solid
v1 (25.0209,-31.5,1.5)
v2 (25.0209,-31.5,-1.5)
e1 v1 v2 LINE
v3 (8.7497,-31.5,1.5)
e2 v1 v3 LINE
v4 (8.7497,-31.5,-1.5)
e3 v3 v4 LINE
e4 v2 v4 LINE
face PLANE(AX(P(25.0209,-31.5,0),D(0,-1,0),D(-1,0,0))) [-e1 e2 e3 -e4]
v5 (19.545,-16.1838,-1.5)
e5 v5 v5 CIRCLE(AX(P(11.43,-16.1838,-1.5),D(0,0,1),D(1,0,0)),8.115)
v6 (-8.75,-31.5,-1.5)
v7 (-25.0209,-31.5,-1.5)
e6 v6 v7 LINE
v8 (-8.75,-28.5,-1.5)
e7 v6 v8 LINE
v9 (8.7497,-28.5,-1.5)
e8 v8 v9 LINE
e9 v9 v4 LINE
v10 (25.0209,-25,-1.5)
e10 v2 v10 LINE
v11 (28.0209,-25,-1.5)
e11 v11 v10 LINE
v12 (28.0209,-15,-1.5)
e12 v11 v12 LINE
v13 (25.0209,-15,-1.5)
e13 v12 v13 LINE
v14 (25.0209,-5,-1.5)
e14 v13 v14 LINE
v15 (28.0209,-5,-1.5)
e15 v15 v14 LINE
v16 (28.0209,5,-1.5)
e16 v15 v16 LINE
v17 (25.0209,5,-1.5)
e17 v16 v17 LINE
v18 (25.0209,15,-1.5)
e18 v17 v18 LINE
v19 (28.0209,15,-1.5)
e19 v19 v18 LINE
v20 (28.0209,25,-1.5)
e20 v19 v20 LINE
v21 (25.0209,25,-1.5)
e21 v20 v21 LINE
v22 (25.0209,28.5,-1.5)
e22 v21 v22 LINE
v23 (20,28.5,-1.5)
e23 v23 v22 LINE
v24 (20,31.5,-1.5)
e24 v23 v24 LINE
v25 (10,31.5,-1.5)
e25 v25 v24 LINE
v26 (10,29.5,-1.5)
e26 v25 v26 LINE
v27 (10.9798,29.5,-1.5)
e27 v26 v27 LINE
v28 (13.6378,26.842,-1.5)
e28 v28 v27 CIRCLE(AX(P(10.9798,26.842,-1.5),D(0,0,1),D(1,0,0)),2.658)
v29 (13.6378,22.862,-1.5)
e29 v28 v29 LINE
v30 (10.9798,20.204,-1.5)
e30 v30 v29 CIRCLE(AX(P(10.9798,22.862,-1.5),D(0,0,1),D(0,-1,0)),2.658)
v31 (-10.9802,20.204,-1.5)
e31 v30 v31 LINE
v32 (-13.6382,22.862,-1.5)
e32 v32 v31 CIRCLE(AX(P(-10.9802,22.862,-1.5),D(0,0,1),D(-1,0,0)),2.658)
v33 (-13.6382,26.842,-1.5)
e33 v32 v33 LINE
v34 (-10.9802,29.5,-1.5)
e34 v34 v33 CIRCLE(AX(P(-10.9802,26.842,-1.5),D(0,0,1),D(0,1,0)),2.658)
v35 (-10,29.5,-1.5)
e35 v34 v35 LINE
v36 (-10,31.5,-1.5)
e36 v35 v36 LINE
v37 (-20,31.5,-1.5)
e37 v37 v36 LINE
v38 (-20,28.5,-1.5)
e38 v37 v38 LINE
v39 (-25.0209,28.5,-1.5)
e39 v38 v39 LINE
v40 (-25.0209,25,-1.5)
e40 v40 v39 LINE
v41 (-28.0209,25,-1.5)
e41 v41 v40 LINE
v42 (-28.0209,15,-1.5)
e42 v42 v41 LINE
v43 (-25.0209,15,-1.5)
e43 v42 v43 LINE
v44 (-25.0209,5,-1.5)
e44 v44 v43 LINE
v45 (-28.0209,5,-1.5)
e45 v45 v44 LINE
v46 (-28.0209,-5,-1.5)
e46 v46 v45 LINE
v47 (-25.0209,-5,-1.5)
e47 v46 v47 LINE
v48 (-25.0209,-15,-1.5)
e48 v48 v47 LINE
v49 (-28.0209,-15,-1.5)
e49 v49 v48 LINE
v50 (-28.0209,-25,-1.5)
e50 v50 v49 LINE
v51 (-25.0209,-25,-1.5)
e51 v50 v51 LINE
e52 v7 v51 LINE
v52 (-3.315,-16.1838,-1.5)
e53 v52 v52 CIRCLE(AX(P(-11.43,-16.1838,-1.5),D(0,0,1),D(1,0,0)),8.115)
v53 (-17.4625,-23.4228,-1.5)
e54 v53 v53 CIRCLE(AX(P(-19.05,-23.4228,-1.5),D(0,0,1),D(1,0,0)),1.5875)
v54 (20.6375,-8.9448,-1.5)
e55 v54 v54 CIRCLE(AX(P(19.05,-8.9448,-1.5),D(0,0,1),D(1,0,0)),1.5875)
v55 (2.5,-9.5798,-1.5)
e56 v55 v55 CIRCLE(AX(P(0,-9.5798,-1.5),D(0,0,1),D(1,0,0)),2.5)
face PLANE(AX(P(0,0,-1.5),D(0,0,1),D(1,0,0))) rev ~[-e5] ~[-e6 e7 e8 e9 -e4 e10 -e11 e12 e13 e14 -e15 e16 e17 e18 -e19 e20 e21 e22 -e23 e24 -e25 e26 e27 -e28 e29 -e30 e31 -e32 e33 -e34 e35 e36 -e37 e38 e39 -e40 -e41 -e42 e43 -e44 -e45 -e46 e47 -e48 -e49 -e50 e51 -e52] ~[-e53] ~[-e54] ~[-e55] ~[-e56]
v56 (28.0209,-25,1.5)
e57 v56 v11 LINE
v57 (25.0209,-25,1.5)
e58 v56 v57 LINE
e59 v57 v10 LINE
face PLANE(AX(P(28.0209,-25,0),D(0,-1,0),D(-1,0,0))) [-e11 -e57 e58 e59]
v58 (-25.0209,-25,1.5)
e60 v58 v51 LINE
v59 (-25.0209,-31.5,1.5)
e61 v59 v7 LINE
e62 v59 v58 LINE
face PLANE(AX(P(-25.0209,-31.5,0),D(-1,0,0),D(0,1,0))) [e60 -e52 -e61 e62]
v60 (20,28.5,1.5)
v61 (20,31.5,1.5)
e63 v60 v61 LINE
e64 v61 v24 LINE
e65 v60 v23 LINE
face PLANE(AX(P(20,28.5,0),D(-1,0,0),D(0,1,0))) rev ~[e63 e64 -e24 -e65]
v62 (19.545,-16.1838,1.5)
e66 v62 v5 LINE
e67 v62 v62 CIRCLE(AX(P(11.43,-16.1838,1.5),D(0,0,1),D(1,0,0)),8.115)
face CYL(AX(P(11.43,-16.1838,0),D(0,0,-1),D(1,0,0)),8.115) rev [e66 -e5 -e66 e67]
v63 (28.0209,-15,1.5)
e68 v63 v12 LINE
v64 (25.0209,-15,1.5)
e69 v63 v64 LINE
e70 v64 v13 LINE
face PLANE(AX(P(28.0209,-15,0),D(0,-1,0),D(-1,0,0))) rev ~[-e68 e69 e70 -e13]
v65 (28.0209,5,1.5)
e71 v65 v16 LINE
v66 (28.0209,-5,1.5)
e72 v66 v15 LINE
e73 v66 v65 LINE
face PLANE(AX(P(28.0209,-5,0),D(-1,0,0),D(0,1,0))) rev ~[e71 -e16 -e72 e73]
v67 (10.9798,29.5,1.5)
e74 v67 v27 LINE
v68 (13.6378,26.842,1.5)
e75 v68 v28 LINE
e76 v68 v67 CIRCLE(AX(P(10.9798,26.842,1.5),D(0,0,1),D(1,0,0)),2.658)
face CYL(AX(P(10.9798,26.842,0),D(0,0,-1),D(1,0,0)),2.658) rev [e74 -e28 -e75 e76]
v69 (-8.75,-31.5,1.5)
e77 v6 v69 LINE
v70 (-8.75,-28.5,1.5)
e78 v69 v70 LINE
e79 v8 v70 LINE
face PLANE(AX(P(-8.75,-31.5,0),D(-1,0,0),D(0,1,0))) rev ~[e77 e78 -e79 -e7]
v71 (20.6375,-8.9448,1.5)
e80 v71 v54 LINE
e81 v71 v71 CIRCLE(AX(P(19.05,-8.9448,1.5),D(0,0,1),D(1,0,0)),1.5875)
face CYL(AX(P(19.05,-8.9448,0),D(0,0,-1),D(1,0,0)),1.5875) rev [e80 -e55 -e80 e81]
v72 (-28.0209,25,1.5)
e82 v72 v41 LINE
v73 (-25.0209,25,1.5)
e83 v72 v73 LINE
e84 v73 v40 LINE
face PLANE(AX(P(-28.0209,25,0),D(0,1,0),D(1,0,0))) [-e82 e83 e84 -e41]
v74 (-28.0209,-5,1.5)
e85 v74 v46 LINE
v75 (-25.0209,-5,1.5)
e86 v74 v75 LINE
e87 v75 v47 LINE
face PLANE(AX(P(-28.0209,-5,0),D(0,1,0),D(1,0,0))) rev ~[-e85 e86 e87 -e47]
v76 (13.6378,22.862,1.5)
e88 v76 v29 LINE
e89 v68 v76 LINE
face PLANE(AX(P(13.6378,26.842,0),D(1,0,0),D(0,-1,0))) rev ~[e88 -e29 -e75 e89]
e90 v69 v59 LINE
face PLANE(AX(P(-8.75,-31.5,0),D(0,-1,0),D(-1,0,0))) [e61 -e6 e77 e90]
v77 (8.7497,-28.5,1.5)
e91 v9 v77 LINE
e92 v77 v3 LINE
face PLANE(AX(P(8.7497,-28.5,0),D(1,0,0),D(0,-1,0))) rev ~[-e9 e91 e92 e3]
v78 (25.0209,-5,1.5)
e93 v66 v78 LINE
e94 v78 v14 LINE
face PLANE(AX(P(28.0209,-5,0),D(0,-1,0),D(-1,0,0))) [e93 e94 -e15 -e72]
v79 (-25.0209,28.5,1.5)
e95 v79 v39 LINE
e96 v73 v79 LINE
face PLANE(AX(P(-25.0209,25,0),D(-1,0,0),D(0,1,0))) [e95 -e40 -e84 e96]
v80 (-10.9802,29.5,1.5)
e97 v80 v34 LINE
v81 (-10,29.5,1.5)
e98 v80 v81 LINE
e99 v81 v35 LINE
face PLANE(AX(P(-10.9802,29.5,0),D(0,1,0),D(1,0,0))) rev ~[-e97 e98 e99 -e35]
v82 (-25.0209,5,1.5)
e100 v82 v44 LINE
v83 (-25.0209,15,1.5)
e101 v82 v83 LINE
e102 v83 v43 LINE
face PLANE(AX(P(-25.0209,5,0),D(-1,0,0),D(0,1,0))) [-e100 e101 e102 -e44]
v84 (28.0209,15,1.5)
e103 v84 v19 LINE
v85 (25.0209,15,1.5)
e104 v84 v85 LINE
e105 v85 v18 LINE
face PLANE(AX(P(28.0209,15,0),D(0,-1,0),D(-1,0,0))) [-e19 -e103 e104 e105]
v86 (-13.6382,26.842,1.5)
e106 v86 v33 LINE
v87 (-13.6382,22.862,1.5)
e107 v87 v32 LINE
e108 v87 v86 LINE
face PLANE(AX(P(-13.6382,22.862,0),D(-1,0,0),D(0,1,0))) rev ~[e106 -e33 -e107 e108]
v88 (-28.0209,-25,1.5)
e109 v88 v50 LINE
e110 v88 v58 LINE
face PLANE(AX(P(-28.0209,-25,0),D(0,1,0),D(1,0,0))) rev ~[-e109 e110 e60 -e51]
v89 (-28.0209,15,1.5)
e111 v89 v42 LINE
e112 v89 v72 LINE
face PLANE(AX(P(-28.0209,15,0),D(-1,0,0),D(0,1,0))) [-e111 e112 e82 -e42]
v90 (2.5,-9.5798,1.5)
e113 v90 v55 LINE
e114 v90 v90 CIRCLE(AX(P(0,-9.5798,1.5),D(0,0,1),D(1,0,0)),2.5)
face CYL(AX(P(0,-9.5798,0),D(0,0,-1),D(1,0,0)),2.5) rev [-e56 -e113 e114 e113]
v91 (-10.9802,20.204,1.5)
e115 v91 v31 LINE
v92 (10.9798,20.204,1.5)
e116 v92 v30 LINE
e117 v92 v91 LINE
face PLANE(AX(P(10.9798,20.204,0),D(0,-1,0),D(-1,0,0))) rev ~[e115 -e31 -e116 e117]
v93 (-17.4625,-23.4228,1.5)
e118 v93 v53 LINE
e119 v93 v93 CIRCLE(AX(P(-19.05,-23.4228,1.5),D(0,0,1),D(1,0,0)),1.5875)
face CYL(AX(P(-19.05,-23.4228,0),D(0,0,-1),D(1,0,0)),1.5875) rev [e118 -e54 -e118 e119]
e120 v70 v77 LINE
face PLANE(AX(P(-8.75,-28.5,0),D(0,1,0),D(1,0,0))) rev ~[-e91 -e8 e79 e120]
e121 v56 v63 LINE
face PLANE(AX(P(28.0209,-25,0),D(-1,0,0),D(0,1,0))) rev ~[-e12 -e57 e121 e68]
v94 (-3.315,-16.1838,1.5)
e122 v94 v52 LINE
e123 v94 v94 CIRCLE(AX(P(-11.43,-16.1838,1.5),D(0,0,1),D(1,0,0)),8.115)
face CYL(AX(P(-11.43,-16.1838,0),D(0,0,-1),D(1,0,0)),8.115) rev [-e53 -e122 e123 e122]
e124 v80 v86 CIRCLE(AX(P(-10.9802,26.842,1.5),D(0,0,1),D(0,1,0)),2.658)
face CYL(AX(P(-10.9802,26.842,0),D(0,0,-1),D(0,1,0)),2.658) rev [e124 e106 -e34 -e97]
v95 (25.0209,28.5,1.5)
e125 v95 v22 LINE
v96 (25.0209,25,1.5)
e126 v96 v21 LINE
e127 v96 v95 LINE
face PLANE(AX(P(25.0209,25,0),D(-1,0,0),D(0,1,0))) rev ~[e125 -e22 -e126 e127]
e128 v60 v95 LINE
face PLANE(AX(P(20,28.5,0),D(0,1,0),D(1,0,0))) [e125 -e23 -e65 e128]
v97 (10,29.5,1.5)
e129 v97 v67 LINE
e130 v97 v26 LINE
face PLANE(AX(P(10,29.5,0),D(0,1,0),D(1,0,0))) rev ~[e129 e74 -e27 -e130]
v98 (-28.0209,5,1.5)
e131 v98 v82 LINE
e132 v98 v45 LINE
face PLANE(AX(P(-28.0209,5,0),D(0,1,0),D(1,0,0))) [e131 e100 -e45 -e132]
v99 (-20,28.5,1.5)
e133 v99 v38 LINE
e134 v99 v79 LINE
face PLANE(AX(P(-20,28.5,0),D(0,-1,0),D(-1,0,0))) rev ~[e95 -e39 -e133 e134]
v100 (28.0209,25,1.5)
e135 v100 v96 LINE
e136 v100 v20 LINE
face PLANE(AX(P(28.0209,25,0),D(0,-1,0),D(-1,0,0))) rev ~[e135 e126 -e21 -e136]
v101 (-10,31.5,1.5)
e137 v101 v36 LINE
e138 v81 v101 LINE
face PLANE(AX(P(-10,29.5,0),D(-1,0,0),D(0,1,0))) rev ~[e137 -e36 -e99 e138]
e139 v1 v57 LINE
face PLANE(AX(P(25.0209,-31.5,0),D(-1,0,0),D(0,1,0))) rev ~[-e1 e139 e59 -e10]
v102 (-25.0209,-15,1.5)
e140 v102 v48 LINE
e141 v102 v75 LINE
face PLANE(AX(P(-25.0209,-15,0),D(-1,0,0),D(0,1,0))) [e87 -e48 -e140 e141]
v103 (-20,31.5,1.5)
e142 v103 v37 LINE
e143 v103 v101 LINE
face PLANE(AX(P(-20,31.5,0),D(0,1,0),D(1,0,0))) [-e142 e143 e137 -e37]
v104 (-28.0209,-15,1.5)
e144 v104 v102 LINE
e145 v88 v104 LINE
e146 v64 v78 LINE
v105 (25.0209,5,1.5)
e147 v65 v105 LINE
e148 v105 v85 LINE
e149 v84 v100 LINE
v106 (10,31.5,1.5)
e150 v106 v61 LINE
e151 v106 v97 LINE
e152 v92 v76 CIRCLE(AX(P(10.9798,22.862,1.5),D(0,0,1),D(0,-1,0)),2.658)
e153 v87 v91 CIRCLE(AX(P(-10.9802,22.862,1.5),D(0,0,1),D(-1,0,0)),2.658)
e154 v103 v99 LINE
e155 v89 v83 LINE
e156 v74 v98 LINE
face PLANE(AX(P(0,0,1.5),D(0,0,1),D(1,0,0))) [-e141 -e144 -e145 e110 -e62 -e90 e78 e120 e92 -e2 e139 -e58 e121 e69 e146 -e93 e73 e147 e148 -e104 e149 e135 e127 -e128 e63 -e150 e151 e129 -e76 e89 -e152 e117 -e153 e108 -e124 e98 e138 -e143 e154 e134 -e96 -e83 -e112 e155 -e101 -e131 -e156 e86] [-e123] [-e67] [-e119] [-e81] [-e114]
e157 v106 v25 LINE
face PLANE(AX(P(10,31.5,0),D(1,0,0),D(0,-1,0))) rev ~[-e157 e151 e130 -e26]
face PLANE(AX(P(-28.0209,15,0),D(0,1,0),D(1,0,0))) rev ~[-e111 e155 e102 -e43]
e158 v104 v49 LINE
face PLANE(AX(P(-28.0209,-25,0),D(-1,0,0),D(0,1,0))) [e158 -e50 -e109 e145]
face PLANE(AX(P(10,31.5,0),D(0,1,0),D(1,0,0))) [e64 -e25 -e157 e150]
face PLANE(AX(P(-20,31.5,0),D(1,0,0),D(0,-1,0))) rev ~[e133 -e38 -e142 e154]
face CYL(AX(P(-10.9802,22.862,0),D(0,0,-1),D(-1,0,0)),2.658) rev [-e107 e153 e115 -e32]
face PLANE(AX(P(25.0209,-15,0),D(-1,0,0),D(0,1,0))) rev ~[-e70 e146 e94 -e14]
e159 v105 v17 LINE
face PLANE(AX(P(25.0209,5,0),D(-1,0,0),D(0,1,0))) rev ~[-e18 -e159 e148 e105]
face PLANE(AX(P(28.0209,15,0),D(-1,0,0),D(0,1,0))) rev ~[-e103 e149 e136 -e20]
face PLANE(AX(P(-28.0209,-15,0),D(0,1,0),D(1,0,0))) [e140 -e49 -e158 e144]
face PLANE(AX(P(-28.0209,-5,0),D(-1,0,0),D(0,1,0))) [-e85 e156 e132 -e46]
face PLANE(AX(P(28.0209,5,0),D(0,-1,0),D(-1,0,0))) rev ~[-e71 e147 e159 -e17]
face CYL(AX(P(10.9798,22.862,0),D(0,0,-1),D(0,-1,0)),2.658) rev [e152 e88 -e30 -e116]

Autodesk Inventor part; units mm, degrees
ref_plane "YZ Plane" through (0, 0, 0) normal (1, 0, 0) x (0, 1, 0)
ref_plane "XZ Plane" through (0, 0, 0) normal (0, 1, 0) x (-1, 0, 0)
ref_plane "XY Plane" through (0, 0, 0) normal (0, 0, 1) x (1, 0, 0)
sketch "Sketch1" plane through (0, 0, 0) normal (0, 0, 1) x (1, 0, 0)
  line L0 (-8.75, -31.5) -> (-25.0209, -31.5)
  line L1 (-8.75, -31.5) -> (-8.75, -28.5)
  line L2 (-8.75, -28.5) -> (8.7497, -28.5)
  line L3 (8.7497, -28.5) -> (8.7497, -31.5)
  line L4 (25.0209, -31.5) -> (8.7497, -31.5)
  circle A0 centre (11.43, -16.1838) radius 8.115
  circle A1 centre (19.05, -8.9448) radius 1.5875
  circle A2 centre (0, -9.5798) radius 2.5
  circle A3 centre (-11.43, -16.1838) radius 8.115
  circle A4 centre (-19.05, -23.4228) radius 1.5875
  line L5 (10.9798, 20.204) -> (-10.9802, 20.204)
  line L6 (13.6378, 26.842) -> (13.6378, 22.862)
  line L7 (-13.6382, 22.862) -> (-13.6382, 26.842)
  arc A5 (-13.6382, 22.862) -> (-10.9802, 20.204) centre (-10.9802, 22.862) ccw
  arc A6 (10.9798, 20.204) -> (13.6378, 22.862) centre (10.9798, 22.862) ccw
  arc A7 (13.6378, 26.842) -> (10.9798, 29.5) centre (10.9798, 26.842) ccw
  arc A8 (-10.9802, 29.5) -> (-13.6382, 26.842) centre (-10.9802, 26.842) ccw
  line L8 (25.0209, -31.5) -> (-25.0209, 31.5) construction
  line L9 (-25.0209, -31.5) -> (25.0209, 31.5) construction
  line L10 (-5, 31.5) -> (5, 31.5)
  line L11 (5, 28.5) -> (-5, 31.5) construction
  line L12 (-5, 28.5) -> (5, 31.5) construction
  line L13 (10, 31.5) -> (20, 31.5)
  line L14 (-20, 31.5) -> (-10, 31.5)
  line L15 (-5, 31.5) -> (5, 31.5)
  line L16 (20, 28.5) -> (25.0209, 28.5)
  line L17 (20, 28.5) -> (20, 31.5)
  line L18 (10, 31.5) -> (10, 28.5)
  line L19 (10, 28.5) -> (5, 28.5)
  line L20 (-5, 28.5) -> (-10, 28.5)
  line L21 (-10, 28.5) -> (-10, 31.5)
  line L22 (-20, 31.5) -> (-20, 28.5)
  line L23 (-20, 28.5) -> (-25.0209, 28.5)
  line L24 (10, 29.5) -> (10.9798, 29.5)
  line L25 (-10.9802, 29.5) -> (-10, 29.5)
  line L26 (28.0209, -5) -> (28.0209, 5)
  line L27 (28.0209, -5) -> (38.0209, -5) construction
  line L28 (0, 0) -> (0, -5) construction
  line L29 (28.0209, -25) -> (28.0209, -15)
  line L30 (28.0209, 15) -> (28.0209, 25)
  line L31 (28.0209, -5) -> (28.0209, 5)
  line L32 (28.0209, -25) -> (25.0209, -25)
  line L33 (28.0209, -15) -> (25.0209, -15)
  line L34 (28.0209, -5) -> (25.0209, -5)
  line L35 (28.0209, 5) -> (25.0209, 5)
  line L36 (28.0209, 15) -> (25.0209, 15)
  line L37 (28.0209, 25) -> (25.0209, 25)
  line L38 (25.0209, -31.5) -> (25.0209, -25)
  line L39 (25.0209, -15) -> (25.0209, -5)
  line L40 (25.0209, 5) -> (25.0209, 15)
  line L41 (25.0209, 25) -> (25.0209, 28.5)
  line L42 (-28.0209, -25) -> (-28.0209, -15)
  line L43 (-28.0209, 15) -> (-28.0209, 25)
  line L44 (-28.0209, -25) -> (-25.0209, -25)
  line L45 (-28.0209, -15) -> (-25.0209, -15)
  line L46 (-28.0209, -5) -> (-25.0209, -5)
  line L47 (-28.0209, 5) -> (-25.0209, 5)
  line L48 (-28.0209, 15) -> (-25.0209, 15)
  line L49 (-28.0209, 25) -> (-25.0209, 25)
  line L50 (-25.0209, -15) -> (-25.0209, -5)
  line L51 (-25.0209, 5) -> (-25.0209, 15)
  line L52 (-25.0209, -31.5) -> (-25.0209, -25)
  line L53 (-25.0209, -15) -> (-25.0209, -5)
  line L54 (-25.0209, 5) -> (-25.0209, 15)
  line L55 (-25.0209, 25) -> (-25.0209, 28.5)
  line L56 (-28.0209, -5) -> (-28.0209, 5)
  line L57 (5, 28.5) -> (-5, 28.5)
  point P0 (0, 0)
  point P1 (0, 30)
  point P2 (35.0209, 0)
  point P3 (-35.0209, 0)
  dimension "d0" = 10
  dimension "d1" = 3
  dimension "d4" = 15
  dimension "d7" = 15
  dimension "d14" = 10
  dimension "d15" = 90
  dimension "d18" = 20
  dimension "d21" = 20
  dimension "d26" = 3
extrude "Extrusion1" add sketch "Sketch1" along normal mid plane 3 contours L0 L52 L44 L42 L45 L50 L46 L56 L47 L51 L48 L43 L49 L55 L23 L22 L14 L21 L25 A8 L7 A5 L5 A6 L6 A7 L24 L18 L13 L17 L16 L41 L37 L30 L36 L40 L35 L26 L34 L39 L33 L29 L32 L38 L4 L3 L2 L1
properties part number "srfdepan"
